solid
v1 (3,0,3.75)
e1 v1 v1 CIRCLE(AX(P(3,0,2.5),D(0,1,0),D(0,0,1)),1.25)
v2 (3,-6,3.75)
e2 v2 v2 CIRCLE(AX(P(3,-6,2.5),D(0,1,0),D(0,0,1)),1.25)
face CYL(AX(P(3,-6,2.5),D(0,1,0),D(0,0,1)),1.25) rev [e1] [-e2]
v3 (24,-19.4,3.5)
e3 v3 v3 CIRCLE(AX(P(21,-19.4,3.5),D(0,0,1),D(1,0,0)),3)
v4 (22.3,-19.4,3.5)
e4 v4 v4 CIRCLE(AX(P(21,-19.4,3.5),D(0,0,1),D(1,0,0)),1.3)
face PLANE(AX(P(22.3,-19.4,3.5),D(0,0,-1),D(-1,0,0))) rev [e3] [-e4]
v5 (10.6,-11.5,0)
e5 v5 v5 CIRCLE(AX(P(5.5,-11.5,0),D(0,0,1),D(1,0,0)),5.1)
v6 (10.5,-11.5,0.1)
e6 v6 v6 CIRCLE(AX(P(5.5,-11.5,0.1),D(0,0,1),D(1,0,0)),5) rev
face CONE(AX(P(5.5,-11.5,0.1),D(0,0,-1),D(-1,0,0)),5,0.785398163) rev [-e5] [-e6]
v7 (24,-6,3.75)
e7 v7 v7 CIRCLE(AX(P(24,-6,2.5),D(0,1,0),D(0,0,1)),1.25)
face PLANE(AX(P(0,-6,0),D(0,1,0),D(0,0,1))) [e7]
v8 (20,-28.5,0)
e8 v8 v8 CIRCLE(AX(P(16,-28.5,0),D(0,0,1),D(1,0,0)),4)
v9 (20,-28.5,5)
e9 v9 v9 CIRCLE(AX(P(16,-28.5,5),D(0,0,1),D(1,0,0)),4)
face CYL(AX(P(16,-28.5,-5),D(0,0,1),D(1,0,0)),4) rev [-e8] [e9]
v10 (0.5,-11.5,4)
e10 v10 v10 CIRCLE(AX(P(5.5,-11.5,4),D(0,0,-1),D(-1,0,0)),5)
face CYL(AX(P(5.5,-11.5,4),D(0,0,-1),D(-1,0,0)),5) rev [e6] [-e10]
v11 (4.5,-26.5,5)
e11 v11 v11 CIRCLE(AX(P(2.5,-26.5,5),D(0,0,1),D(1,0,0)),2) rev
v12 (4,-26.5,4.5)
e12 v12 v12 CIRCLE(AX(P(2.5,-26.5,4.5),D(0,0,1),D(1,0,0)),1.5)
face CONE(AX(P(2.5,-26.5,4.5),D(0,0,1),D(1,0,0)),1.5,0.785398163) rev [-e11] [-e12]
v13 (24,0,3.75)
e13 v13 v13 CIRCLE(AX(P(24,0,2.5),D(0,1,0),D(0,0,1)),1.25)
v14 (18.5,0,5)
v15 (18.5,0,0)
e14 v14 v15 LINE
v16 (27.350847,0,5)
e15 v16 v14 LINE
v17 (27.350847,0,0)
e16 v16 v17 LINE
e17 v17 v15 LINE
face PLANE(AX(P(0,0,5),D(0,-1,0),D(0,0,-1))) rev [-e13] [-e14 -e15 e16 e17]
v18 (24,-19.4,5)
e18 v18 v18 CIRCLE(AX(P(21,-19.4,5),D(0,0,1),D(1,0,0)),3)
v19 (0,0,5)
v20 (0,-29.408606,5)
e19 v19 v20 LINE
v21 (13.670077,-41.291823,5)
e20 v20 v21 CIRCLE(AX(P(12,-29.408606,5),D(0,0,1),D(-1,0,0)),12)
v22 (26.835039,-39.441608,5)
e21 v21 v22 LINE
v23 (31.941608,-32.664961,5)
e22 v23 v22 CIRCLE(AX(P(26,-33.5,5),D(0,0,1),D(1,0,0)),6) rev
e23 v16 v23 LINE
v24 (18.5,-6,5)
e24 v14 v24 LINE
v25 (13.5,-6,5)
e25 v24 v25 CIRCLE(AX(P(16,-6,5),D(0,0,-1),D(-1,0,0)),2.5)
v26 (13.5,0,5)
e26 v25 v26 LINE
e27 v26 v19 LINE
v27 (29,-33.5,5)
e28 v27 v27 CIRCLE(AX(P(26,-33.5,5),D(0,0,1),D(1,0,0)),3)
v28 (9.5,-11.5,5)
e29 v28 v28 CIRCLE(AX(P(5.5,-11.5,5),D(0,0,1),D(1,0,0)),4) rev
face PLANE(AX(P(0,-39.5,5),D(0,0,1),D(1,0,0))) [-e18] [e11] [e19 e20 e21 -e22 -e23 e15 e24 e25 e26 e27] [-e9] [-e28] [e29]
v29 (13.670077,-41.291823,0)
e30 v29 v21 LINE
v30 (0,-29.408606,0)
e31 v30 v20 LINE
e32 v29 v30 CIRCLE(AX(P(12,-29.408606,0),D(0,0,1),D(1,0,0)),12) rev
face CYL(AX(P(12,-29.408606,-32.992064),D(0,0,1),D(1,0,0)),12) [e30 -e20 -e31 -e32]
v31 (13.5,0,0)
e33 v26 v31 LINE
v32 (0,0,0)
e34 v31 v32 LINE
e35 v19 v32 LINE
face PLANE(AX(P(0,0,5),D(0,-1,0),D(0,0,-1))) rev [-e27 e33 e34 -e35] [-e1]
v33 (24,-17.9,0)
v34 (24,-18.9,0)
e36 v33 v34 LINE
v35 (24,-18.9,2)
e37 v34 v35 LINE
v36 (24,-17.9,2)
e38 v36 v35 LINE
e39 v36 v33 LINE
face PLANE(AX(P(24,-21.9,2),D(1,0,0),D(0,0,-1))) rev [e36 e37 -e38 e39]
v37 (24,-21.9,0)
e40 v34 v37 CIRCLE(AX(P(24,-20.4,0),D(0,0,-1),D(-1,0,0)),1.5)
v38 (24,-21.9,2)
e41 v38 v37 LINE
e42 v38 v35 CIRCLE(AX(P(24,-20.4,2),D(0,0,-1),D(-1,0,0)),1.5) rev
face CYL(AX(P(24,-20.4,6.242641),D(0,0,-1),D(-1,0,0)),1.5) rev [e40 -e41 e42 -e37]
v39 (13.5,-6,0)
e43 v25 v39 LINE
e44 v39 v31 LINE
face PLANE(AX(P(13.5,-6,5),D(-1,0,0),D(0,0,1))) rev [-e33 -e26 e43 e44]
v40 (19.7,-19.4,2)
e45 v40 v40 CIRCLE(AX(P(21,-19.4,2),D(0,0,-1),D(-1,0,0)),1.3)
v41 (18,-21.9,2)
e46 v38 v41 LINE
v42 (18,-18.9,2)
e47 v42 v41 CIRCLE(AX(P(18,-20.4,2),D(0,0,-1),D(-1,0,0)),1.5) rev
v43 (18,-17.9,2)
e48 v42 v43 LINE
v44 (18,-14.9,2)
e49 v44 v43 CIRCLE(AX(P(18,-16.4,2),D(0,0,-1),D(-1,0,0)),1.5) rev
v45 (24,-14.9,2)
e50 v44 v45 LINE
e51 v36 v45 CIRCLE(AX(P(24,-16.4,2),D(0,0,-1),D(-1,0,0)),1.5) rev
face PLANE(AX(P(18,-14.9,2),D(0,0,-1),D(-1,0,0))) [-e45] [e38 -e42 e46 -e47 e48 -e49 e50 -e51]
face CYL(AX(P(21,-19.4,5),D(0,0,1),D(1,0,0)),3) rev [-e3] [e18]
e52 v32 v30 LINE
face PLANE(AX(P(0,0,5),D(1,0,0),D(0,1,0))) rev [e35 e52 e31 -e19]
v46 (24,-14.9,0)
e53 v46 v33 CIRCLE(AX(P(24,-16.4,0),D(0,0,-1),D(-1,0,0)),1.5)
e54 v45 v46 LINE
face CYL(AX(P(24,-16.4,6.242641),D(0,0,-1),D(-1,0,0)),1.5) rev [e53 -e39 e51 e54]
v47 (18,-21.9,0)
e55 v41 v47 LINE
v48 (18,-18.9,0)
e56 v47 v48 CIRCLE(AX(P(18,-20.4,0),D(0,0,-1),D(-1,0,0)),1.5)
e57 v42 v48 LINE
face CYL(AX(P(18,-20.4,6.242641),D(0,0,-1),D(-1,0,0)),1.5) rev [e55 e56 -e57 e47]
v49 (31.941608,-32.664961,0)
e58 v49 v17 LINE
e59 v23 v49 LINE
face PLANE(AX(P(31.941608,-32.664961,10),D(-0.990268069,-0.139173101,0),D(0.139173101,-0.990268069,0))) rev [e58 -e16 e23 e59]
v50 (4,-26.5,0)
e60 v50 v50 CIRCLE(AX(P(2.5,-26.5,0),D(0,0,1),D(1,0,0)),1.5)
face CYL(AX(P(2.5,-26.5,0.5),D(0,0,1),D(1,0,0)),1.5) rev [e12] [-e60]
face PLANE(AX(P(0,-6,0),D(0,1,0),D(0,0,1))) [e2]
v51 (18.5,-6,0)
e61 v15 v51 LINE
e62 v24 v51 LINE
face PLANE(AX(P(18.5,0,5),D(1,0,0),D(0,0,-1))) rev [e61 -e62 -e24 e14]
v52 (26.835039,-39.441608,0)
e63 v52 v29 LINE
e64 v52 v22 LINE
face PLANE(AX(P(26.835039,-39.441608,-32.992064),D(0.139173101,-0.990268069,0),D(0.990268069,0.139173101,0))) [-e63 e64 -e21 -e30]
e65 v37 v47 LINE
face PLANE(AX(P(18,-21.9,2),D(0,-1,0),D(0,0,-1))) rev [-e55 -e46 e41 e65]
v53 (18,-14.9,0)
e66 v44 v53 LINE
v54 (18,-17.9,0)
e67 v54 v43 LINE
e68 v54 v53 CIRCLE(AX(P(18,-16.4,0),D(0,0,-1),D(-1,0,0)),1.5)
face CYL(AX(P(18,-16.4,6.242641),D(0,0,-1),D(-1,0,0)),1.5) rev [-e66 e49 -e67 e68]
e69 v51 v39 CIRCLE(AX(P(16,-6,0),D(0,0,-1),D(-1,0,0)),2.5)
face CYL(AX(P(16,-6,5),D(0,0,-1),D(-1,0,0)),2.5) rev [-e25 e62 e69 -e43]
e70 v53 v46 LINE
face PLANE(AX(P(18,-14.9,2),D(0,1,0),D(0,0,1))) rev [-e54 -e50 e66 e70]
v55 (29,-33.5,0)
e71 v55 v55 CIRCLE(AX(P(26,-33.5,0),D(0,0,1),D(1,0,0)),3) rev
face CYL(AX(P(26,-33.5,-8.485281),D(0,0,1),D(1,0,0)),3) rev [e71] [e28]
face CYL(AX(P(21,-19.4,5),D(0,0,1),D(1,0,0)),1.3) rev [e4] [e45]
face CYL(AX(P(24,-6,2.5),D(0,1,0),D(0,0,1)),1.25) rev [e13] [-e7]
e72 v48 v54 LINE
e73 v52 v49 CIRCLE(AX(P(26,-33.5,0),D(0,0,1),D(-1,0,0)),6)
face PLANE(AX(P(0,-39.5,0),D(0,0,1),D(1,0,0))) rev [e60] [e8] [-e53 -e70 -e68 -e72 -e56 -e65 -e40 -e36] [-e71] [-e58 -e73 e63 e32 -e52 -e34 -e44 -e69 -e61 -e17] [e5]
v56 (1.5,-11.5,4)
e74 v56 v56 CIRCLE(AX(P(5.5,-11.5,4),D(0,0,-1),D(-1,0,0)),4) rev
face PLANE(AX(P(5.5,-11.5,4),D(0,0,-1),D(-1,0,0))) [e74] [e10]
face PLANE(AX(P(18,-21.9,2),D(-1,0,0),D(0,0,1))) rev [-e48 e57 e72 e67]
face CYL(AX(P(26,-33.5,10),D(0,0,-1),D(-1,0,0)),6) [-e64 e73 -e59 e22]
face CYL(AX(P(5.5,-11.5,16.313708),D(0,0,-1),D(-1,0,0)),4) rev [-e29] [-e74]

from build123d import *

# Parameters (mm, degrees)
SKETCH_1_W                = 34
SKETCH_1_H                = 39.5
EXTRUDE_1_DEPTH           = 5
FILLET_1_R                = 12
SKETCH_2_R                = 3
CUT_EXTRUDE_2_DEPTH       = 5
SKETCH_3_R                = 4
CUT_EXTRUDE_3_DEPTH       = 5
SKETCH_4_R                = 5
CUT_EXTRUDE_4_DEPTH       = 4
CUT_EXTRUDE_5_DEPTH       = 10
EXTRUDE1_START            = -5
EXTRUDE1_DEPTH            = 5
SKETCH_8_R                = 1.5
CUT_EXTRUDE_6_DEPTH       = 4.5
SKETCH9_R                 = 0.5
EXTRUDE5_DEPTH            = 53.525447848
CUT_EXTRUDE_7_DEPTH       = 0.5
SKETCH_13_R               = 4
CUT_EXTRUDE_8_DEPTH       = 10
SKETCH2_W                 = 6
SKETCH2_H                 = 7
EXTRUDE2_DEPTH            = 2
HOLE_WIZARD_1_D           = 2.6
HOLE_WIZARD_1_CBORE_D     = 6
HOLE_WIZARD_1_CBORE_DEPTH = 1.5
SKETCH7_R                 = 1.5
EXTRUDE3_DEPTH            = 2
EXTRUDE4_DEPTH            = 53.570644581
SKETCH10_R                = 1.5
EXTRUDE6_DEPTH            = 10
CHAMFER_5_SIZE            = 0.1
SKETCH_22_R               = 1.5
EXTRUDE_1_2_DEPTH         = 5
CHAMFER_6_SIZE            = 0.5
SKETCH_5_R                = 1.25
CUT_EXTRUDE_1_DEPTH       = 6


with BuildPart() as part:
    # 草图1 → Extrude 1 (new body)
    with BuildSketch(Plane.XY):
        with Locations((17, -19.75)):
            Rectangle(SKETCH_1_W, SKETCH_1_H)
    extrude(amount=EXTRUDE_1_DEPTH)

    # 圆角1
    fillet_1_edges = [part.edges().sort_by_distance(p)[0] for p in [
        (0, -39.5, 2.5),
    ]]
    fillet(fillet_1_edges, radius=FILLET_1_R)

    # 草图2 → 拉伸2 (cut)
    with BuildSketch(Plane.XY.offset(5)):
        with Locations((26, -33.5)):
            Circle(SKETCH_2_R)
    extrude(amount=-CUT_EXTRUDE_2_DEPTH, mode=Mode.SUBTRACT)

    # 草图3 → 拉伸3 (cut)
    with BuildSketch(Plane(origin=(0, 0, 0), x_dir=(-1, 0, 0), z_dir=(0, 0, -1))):
        with Locations((-5.5, -11.5)):
            Circle(SKETCH_3_R)
    extrude(amount=-CUT_EXTRUDE_3_DEPTH, mode=Mode.SUBTRACT)

    # 草图4 → 拉伸4 (cut)
    with BuildSketch(Plane(origin=(0, 0, 0), x_dir=(-1, 0, 0), z_dir=(0, 0, -1))):
        with Locations((-5.5, -11.5)):
            Circle(SKETCH_4_R)
    extrude(amount=-CUT_EXTRUDE_4_DEPTH, mode=Mode.SUBTRACT)

    # 草图7 → 拉伸5 (cut)
    with BuildSketch(Plane(origin=(0, 0, 0), x_dir=(-1, 0, 0), z_dir=(0, 0, -1))):
        with BuildLine():
            Line((-26, -39.5), (-34, -39.5))
            Line((-34, -39.5), (-34, 0))
            Line((-34, 0), (-27.350847473, 0))
            Line((-27.350847473, 0), (-31.941608412, -32.664961394))
            ThreePointArc((-31.941608412, -32.664961394), (-30.528257481, -37.436354174), (-26, -39.5))
        make_face()
    extrude(amount=-CUT_EXTRUDE_5_DEPTH, mode=Mode.SUBTRACT)

    # Sketch1 → Extrude1 (add)
    with BuildSketch(Plane.XY.offset(5).offset(EXTRUDE1_START)):
        with BuildLine():
            Line((26.835038606, -39.441608412), (13.670077212, -41.291823076))
            ThreePointArc((13.670077212, -41.291823076), (4.127291652, -38.465121213), (0, -29.408606251))
            Line((0, -29.408606251), (0, -26.519790857))
            Line((0, -26.519790857), (29.441458618, -38.414912266))
            ThreePointArc((29.441458618, -38.414912266), (28.19900736, -39.082505408), (26.835038606, -39.441608412))
        make_face()
    extrude(amount=EXTRUDE1_DEPTH)

    # 草图8 → 拉伸6 (cut)
    with BuildSketch(Plane.XY.offset(5)):
        with Locations((2.5, -26.5)):
            Circle(SKETCH_8_R)
    extrude(amount=-CUT_EXTRUDE_6_DEPTH, mode=Mode.SUBTRACT)

    # Sketch9 → Extrude5 (cut, through all)
    with BuildSketch(Plane.XY.offset(0.5)):
        with Locations((1.5, -26.5)):
            Circle(SKETCH9_R)
    extrude(amount=-EXTRUDE5_DEPTH, mode=Mode.SUBTRACT)

    # 草图9 → 拉伸7 (cut)
    with BuildSketch(Plane.XY.offset(5)):
        with BuildLine():
            Line((0.25, -26.5), (0.25, -22.5))
            ThreePointArc((0.25, -22.5), (2.5, -20.25), (4.75, -22.5))
            Line((4.75, -22.5), (4.75, -26.5))
            ThreePointArc((4.75, -26.5), (2.5, -28.75), (0.25, -26.5))
        make_face()
    extrude(amount=-CUT_EXTRUDE_7_DEPTH, mode=Mode.SUBTRACT)

    # 草图13 → 拉伸8 (cut)
    with BuildSketch(Plane.XY.offset(5)):
        with Locations((16, -28.5)):
            Circle(SKETCH_13_R)
    extrude(amount=-CUT_EXTRUDE_8_DEPTH, mode=Mode.SUBTRACT)

    # Sketch2 → Extrude2 (cut)
    with BuildSketch(Plane(origin=(0, 0, 0), x_dir=(-1, 0, 0), z_dir=(0, 0, -1))):
        with Locations((-21, -18.4)):
            Rectangle(SKETCH2_W, SKETCH2_H)
    extrude(amount=-EXTRUDE2_DEPTH, mode=Mode.SUBTRACT)

    # 打孔尺寸(%根据)内六角圆柱头螺钉的类型1 (through all)
    with Locations(Plane(origin=(21, -19.4, 5), x_dir=(1, 0, 0), z_dir=(0, 0, 1))):
        with Locations((0, 0)):
            CounterBoreHole(HOLE_WIZARD_1_D / 2, HOLE_WIZARD_1_CBORE_D / 2, HOLE_WIZARD_1_CBORE_DEPTH)

    # Sketch7 → Extrude3 (cut)
    with BuildSketch(Plane(origin=(0, 0, 0), x_dir=(-1, 0, 0), z_dir=(0, 0, -1))):
        with Locations((-24, -16.4)):
            Circle(SKETCH7_R)
        with Locations((-18, -16.4)):
            Circle(SKETCH7_R)
        with Locations((-24, -20.4)):
            Circle(SKETCH7_R)
        with Locations((-18, -20.4)):
            Circle(SKETCH7_R)
    extrude(amount=-EXTRUDE3_DEPTH, mode=Mode.SUBTRACT)

    # Sketch8 → Extrude4 (cut, through all)
    with BuildSketch(Plane(origin=(0, 0, 0), x_dir=(-1, 0, 0), z_dir=(0, 0, -1))):
        with BuildLine():
            Line((-13.5, -6), (-13.5, 0))
            Line((-13.5, 0), (-18.5, 0))
            Line((-18.5, 0), (-18.5, -6))
            ThreePointArc((-18.5, -6), (-16, -8.5), (-13.5, -6))
        make_face()
    extrude(amount=-EXTRUDE4_DEPTH, mode=Mode.SUBTRACT)

    # Sketch10 → Extrude6 (cut)
    with BuildSketch(Plane.XY.offset(4.5)):
        with Locations((2.5, -26.5)):
            Circle(SKETCH10_R)
    extrude(amount=-EXTRUDE6_DEPTH, mode=Mode.SUBTRACT)

    # 倒角5
    chamfer_5_edges = [part.edges().sort_by_distance(p)[0] for p in [
        (10.5, -11.5, 0),
    ]]
    chamfer(chamfer_5_edges, length=CHAMFER_5_SIZE)

    # 草图22 → Extrude 1 2 (add)
    with BuildSketch(Plane.XY.offset(5)):
        with BuildLine():
            Line((4.75, -26.5), (4.75, -22.5))
            ThreePointArc((4.75, -22.5), (2.5, -20.25), (0.25, -22.5))
            Line((0.25, -22.5), (0.25, -26.5))
            ThreePointArc((0.25, -26.5), (2.5, -28.75), (4.75, -26.5))
        make_face()
        with Locations((2.5, -26.5)):
            Circle(SKETCH_22_R, mode=Mode.SUBTRACT)
    extrude(amount=-EXTRUDE_1_2_DEPTH)

    # 倒角6
    chamfer_6_edges = [part.edges().sort_by_distance(p)[0] for p in [
        (1, -26.5, 5),
    ]]
    chamfer(chamfer_6_edges, length=CHAMFER_6_SIZE)

    # 草图5 → 切除-拉伸1 (cut)
    with BuildSketch(Plane(origin=(0, 0, 0), x_dir=(1, 0, 0), z_dir=(0, 1, 0))):
        with Locations(Location((24, -2.5, 0), (0, 0, 270))):
            Circle(SKETCH_5_R)
        with Locations(Location((3, -2.5, 0), (0, 0, 270))):
            Circle(SKETCH_5_R)
    extrude(amount=-CUT_EXTRUDE_1_DEPTH, mode=Mode.SUBTRACT)


solid = part.part
